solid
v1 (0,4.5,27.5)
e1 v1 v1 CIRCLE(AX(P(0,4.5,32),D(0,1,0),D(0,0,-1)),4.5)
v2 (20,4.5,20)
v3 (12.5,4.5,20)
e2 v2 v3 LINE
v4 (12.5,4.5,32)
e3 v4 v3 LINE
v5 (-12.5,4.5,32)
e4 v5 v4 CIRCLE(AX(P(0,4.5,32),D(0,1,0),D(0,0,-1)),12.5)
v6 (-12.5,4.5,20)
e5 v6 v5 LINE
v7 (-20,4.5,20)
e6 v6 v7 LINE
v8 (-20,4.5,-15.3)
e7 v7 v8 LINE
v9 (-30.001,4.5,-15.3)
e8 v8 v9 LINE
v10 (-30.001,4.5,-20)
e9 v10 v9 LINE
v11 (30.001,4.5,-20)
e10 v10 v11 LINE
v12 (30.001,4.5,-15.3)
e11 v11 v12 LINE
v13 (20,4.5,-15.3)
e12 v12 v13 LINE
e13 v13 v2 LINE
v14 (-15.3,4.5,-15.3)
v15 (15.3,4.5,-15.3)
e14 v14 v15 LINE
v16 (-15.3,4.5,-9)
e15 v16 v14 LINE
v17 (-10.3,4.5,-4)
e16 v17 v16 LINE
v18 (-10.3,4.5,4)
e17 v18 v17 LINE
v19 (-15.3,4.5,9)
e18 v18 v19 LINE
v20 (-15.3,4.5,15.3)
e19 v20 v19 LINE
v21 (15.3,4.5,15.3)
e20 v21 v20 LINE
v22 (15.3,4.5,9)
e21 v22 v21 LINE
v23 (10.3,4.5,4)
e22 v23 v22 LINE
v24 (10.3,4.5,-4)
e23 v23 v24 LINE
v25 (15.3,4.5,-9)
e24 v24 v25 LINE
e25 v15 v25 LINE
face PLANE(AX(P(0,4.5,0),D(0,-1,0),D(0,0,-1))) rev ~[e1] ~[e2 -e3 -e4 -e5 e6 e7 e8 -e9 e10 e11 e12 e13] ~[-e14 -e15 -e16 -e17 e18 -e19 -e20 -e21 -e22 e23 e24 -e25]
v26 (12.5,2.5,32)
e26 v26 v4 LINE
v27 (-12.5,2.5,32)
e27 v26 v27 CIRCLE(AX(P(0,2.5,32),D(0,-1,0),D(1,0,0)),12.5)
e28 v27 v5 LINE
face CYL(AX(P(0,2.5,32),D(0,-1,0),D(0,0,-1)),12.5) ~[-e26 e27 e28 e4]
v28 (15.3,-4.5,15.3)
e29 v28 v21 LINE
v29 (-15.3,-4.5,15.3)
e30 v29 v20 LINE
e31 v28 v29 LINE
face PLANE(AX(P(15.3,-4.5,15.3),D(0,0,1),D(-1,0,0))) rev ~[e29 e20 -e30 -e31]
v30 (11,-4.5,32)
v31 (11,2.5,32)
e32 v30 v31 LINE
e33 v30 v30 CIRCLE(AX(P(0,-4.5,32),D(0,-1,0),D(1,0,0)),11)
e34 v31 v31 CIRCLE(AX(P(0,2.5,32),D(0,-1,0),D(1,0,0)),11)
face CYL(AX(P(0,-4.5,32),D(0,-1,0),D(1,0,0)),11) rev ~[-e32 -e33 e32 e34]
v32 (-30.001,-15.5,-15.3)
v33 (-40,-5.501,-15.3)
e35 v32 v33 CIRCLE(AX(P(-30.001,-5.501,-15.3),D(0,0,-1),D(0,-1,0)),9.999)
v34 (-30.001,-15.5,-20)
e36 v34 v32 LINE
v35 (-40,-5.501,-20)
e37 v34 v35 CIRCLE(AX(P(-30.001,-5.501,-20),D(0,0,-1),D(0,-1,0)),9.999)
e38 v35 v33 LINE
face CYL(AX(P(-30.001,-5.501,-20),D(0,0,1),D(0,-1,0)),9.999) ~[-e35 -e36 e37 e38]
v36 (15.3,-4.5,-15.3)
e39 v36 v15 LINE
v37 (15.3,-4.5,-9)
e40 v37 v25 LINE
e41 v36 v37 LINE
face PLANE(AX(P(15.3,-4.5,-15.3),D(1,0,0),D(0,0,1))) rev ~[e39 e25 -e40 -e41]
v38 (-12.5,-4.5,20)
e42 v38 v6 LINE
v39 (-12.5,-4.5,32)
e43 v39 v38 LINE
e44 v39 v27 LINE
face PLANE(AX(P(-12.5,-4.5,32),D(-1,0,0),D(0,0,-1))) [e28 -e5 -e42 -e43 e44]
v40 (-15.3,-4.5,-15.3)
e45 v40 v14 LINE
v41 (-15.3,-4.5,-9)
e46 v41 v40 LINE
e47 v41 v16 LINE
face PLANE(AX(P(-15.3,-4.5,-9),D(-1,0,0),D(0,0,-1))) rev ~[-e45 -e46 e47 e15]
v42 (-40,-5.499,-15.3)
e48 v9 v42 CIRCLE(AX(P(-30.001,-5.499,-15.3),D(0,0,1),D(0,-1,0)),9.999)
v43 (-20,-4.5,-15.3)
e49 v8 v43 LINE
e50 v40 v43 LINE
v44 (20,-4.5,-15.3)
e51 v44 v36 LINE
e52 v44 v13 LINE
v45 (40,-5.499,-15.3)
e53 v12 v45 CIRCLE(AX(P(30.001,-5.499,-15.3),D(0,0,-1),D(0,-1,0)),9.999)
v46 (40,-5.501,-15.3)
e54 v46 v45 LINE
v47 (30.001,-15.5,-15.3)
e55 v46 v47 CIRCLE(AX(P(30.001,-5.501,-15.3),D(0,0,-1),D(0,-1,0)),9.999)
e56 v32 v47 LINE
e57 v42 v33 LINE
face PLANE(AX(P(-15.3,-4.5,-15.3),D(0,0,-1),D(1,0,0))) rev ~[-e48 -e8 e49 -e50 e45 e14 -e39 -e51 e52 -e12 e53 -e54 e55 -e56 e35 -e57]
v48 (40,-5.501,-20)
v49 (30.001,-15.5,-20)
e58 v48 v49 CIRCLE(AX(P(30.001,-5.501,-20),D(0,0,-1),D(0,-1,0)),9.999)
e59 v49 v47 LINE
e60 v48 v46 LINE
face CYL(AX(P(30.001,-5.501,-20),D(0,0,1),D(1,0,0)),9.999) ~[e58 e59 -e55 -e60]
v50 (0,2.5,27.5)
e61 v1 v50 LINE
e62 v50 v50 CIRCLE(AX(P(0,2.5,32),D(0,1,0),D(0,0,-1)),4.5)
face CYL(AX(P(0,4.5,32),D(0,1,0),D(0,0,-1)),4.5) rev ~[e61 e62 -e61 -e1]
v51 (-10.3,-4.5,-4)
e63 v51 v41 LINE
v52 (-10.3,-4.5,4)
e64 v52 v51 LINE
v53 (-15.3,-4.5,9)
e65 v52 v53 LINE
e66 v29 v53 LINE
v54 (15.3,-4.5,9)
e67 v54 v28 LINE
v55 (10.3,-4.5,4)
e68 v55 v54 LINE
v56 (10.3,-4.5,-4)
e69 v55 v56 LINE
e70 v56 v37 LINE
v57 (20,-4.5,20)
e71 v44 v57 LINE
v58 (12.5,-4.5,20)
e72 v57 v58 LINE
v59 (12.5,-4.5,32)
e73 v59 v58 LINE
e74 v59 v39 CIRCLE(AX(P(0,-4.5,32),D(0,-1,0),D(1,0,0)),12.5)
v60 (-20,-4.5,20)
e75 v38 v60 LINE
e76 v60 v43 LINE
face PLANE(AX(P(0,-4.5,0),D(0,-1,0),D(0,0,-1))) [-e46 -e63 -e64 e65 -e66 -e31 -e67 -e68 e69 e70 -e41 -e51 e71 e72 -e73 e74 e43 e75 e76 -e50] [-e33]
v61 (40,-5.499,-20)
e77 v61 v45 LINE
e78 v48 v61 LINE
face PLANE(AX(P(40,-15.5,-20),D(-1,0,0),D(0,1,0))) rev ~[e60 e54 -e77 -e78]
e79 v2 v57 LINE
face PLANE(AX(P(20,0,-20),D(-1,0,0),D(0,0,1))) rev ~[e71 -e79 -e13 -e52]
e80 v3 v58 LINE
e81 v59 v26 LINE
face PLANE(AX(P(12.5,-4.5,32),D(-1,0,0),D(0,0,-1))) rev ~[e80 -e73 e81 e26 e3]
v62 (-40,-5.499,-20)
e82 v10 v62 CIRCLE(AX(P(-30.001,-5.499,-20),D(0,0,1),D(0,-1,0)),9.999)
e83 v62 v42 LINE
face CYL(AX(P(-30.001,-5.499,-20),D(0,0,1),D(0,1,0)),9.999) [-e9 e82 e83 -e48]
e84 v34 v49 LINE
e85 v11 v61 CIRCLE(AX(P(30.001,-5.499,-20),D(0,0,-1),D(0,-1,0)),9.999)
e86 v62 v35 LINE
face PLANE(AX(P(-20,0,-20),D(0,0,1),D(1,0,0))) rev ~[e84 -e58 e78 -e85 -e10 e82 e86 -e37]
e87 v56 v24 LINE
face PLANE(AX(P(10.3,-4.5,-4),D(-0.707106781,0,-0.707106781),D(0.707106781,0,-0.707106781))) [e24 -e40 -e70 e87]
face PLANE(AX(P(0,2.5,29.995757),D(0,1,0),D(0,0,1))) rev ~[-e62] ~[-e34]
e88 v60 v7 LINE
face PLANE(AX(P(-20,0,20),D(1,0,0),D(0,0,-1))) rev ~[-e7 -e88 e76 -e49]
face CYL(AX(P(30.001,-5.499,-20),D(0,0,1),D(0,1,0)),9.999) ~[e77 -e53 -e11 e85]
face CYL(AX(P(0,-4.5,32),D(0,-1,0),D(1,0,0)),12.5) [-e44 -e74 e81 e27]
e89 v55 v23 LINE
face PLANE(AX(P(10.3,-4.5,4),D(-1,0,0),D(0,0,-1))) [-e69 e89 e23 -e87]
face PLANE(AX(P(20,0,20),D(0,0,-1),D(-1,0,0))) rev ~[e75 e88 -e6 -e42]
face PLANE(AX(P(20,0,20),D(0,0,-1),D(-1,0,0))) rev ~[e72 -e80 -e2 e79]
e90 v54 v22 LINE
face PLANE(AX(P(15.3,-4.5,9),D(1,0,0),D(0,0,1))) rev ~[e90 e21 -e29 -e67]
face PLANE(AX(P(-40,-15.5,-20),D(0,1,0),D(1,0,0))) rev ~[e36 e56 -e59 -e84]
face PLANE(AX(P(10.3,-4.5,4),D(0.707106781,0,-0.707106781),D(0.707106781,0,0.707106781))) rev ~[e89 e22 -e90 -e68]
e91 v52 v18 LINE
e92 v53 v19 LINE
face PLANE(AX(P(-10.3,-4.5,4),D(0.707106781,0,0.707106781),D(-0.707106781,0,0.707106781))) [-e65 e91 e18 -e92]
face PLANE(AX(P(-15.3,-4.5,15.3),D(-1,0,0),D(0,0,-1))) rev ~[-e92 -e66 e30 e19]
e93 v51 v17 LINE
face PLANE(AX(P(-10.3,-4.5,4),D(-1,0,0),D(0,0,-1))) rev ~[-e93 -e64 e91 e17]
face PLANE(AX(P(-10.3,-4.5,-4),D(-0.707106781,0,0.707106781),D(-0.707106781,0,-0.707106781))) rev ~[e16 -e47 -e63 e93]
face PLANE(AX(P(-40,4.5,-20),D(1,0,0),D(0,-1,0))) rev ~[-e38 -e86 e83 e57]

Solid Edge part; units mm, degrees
sketch "Sketch1" plane through (0, 0, 0) normal (0, -1, 0) x (1, 0, 0)
  line L0 (-20, -20) -> (20, -20)
  line L1 (20, -20) -> (20, 20)
  line L2 (20, 20) -> (-20, 20)
  line L3 (-20, 20) -> (-20, -20)
extrude "Protrusion1" add sketch "Sketch1" along normal mid plane 9
sketch "Sketch2" plane through (0, -4.5, 0) normal (0, -1, 0) x (1, 0, 0)
  line L0 (-15.3, -15.3) -> (15.3, -15.3)
  line L1 (15.3, -15.3) -> (15.3, -9)
  line L2 (10.3, -4) -> (15.3, -9)
  line L3 (10.3, 4) -> (10.3, -4)
  line L4 (10.3, 4) -> (15.3, 9)
  line L5 (15.3, 9) -> (15.3, 15.3)
  line L6 (15.3, 15.3) -> (-15.3, 15.3)
  line L7 (-15.3, 15.3) -> (-15.3, 9)
  line L8 (-10.3, 4) -> (-15.3, 9)
  line L9 (-10.3, 4) -> (-10.3, -4)
  line L10 (-10.3, -4) -> (-15.3, -9)
  line L11 (-15.3, -9) -> (-15.3, -15.3)
extrude "ExtrudedCutout_1" cut sketch "Sketch2" against normal blind 161.5
sketch "Sketch3" plane through (0, -4.5, 2.35) normal (0, -1, 0) x (1, 0, 0)
  line L0 (-12.5, 29.65) -> (-12.5, 17.65)
  line L1 (-12.5, 17.65) -> (12.5, 17.65)
  line L2 (12.5, 29.65) -> (12.5, 17.65)
  arc A0 (12.5, 29.65) -> (-12.5, 29.65) centre (0, 29.65) ccw
extrude "Protrusion2" add sketch "Sketch3" against normal blind 7
sketch "Sketch4" plane through (0, -4.5, 14.6) normal (0, -1, 0) x (1, 0, 0)
  circle A0 centre (0, 17.4) radius 11
extrude "ExtrudedCutout_2" cut sketch "Sketch4" against normal blind 39
sketch "Sketch5" plane through (0, 2.5, 32.25) normal (0, 1, 0) x (0, 0, -1)
  line L0 (0.25, -12.5) -> (12.25, -12.5)
  line L1 (12.25, -12.5) -> (12.25, 12.5)
  line L2 (12.25, 12.5) -> (0.25, 12.5)
  arc A0 (0.25, 12.5) -> (0.25, -12.5) centre (0.25, 0) ccw
extrude "ExtrudedProtrusion_4" add sketch "Sketch5" along normal blind 2
sketch "Sketch6" plane through (0, 4.5, 14.6) normal (0, 1, 0) x (0, 0, -1)
  circle A0 centre (-17.4, 0) radius 4.5
extrude "ExtrudedCutout_3" cut sketch "Sketch6" against normal blind 37
sketch "Sketch7" plane through (0, 0, -20) normal (0, 0, -1) x (1, 0, 0)
  line L0 (40, -4.5) -> (-40, -4.5)
  line L1 (-40, -4.5) -> (-40, 15.5)
  line L2 (-40, 15.5) -> (40, 15.5)
  line L3 (40, 15.5) -> (40, -4.5)
  dimension "D1" = 40
extrude "Protrusion3" add sketch "Sketch7" against normal blind 4.7
fillet "Round_2" radius 10 4 edges at (-40, -15.5, -17.65) (40, 4.5, -17.65) (40, -15.5, -17.65) (-40, 4.5, -17.65)
